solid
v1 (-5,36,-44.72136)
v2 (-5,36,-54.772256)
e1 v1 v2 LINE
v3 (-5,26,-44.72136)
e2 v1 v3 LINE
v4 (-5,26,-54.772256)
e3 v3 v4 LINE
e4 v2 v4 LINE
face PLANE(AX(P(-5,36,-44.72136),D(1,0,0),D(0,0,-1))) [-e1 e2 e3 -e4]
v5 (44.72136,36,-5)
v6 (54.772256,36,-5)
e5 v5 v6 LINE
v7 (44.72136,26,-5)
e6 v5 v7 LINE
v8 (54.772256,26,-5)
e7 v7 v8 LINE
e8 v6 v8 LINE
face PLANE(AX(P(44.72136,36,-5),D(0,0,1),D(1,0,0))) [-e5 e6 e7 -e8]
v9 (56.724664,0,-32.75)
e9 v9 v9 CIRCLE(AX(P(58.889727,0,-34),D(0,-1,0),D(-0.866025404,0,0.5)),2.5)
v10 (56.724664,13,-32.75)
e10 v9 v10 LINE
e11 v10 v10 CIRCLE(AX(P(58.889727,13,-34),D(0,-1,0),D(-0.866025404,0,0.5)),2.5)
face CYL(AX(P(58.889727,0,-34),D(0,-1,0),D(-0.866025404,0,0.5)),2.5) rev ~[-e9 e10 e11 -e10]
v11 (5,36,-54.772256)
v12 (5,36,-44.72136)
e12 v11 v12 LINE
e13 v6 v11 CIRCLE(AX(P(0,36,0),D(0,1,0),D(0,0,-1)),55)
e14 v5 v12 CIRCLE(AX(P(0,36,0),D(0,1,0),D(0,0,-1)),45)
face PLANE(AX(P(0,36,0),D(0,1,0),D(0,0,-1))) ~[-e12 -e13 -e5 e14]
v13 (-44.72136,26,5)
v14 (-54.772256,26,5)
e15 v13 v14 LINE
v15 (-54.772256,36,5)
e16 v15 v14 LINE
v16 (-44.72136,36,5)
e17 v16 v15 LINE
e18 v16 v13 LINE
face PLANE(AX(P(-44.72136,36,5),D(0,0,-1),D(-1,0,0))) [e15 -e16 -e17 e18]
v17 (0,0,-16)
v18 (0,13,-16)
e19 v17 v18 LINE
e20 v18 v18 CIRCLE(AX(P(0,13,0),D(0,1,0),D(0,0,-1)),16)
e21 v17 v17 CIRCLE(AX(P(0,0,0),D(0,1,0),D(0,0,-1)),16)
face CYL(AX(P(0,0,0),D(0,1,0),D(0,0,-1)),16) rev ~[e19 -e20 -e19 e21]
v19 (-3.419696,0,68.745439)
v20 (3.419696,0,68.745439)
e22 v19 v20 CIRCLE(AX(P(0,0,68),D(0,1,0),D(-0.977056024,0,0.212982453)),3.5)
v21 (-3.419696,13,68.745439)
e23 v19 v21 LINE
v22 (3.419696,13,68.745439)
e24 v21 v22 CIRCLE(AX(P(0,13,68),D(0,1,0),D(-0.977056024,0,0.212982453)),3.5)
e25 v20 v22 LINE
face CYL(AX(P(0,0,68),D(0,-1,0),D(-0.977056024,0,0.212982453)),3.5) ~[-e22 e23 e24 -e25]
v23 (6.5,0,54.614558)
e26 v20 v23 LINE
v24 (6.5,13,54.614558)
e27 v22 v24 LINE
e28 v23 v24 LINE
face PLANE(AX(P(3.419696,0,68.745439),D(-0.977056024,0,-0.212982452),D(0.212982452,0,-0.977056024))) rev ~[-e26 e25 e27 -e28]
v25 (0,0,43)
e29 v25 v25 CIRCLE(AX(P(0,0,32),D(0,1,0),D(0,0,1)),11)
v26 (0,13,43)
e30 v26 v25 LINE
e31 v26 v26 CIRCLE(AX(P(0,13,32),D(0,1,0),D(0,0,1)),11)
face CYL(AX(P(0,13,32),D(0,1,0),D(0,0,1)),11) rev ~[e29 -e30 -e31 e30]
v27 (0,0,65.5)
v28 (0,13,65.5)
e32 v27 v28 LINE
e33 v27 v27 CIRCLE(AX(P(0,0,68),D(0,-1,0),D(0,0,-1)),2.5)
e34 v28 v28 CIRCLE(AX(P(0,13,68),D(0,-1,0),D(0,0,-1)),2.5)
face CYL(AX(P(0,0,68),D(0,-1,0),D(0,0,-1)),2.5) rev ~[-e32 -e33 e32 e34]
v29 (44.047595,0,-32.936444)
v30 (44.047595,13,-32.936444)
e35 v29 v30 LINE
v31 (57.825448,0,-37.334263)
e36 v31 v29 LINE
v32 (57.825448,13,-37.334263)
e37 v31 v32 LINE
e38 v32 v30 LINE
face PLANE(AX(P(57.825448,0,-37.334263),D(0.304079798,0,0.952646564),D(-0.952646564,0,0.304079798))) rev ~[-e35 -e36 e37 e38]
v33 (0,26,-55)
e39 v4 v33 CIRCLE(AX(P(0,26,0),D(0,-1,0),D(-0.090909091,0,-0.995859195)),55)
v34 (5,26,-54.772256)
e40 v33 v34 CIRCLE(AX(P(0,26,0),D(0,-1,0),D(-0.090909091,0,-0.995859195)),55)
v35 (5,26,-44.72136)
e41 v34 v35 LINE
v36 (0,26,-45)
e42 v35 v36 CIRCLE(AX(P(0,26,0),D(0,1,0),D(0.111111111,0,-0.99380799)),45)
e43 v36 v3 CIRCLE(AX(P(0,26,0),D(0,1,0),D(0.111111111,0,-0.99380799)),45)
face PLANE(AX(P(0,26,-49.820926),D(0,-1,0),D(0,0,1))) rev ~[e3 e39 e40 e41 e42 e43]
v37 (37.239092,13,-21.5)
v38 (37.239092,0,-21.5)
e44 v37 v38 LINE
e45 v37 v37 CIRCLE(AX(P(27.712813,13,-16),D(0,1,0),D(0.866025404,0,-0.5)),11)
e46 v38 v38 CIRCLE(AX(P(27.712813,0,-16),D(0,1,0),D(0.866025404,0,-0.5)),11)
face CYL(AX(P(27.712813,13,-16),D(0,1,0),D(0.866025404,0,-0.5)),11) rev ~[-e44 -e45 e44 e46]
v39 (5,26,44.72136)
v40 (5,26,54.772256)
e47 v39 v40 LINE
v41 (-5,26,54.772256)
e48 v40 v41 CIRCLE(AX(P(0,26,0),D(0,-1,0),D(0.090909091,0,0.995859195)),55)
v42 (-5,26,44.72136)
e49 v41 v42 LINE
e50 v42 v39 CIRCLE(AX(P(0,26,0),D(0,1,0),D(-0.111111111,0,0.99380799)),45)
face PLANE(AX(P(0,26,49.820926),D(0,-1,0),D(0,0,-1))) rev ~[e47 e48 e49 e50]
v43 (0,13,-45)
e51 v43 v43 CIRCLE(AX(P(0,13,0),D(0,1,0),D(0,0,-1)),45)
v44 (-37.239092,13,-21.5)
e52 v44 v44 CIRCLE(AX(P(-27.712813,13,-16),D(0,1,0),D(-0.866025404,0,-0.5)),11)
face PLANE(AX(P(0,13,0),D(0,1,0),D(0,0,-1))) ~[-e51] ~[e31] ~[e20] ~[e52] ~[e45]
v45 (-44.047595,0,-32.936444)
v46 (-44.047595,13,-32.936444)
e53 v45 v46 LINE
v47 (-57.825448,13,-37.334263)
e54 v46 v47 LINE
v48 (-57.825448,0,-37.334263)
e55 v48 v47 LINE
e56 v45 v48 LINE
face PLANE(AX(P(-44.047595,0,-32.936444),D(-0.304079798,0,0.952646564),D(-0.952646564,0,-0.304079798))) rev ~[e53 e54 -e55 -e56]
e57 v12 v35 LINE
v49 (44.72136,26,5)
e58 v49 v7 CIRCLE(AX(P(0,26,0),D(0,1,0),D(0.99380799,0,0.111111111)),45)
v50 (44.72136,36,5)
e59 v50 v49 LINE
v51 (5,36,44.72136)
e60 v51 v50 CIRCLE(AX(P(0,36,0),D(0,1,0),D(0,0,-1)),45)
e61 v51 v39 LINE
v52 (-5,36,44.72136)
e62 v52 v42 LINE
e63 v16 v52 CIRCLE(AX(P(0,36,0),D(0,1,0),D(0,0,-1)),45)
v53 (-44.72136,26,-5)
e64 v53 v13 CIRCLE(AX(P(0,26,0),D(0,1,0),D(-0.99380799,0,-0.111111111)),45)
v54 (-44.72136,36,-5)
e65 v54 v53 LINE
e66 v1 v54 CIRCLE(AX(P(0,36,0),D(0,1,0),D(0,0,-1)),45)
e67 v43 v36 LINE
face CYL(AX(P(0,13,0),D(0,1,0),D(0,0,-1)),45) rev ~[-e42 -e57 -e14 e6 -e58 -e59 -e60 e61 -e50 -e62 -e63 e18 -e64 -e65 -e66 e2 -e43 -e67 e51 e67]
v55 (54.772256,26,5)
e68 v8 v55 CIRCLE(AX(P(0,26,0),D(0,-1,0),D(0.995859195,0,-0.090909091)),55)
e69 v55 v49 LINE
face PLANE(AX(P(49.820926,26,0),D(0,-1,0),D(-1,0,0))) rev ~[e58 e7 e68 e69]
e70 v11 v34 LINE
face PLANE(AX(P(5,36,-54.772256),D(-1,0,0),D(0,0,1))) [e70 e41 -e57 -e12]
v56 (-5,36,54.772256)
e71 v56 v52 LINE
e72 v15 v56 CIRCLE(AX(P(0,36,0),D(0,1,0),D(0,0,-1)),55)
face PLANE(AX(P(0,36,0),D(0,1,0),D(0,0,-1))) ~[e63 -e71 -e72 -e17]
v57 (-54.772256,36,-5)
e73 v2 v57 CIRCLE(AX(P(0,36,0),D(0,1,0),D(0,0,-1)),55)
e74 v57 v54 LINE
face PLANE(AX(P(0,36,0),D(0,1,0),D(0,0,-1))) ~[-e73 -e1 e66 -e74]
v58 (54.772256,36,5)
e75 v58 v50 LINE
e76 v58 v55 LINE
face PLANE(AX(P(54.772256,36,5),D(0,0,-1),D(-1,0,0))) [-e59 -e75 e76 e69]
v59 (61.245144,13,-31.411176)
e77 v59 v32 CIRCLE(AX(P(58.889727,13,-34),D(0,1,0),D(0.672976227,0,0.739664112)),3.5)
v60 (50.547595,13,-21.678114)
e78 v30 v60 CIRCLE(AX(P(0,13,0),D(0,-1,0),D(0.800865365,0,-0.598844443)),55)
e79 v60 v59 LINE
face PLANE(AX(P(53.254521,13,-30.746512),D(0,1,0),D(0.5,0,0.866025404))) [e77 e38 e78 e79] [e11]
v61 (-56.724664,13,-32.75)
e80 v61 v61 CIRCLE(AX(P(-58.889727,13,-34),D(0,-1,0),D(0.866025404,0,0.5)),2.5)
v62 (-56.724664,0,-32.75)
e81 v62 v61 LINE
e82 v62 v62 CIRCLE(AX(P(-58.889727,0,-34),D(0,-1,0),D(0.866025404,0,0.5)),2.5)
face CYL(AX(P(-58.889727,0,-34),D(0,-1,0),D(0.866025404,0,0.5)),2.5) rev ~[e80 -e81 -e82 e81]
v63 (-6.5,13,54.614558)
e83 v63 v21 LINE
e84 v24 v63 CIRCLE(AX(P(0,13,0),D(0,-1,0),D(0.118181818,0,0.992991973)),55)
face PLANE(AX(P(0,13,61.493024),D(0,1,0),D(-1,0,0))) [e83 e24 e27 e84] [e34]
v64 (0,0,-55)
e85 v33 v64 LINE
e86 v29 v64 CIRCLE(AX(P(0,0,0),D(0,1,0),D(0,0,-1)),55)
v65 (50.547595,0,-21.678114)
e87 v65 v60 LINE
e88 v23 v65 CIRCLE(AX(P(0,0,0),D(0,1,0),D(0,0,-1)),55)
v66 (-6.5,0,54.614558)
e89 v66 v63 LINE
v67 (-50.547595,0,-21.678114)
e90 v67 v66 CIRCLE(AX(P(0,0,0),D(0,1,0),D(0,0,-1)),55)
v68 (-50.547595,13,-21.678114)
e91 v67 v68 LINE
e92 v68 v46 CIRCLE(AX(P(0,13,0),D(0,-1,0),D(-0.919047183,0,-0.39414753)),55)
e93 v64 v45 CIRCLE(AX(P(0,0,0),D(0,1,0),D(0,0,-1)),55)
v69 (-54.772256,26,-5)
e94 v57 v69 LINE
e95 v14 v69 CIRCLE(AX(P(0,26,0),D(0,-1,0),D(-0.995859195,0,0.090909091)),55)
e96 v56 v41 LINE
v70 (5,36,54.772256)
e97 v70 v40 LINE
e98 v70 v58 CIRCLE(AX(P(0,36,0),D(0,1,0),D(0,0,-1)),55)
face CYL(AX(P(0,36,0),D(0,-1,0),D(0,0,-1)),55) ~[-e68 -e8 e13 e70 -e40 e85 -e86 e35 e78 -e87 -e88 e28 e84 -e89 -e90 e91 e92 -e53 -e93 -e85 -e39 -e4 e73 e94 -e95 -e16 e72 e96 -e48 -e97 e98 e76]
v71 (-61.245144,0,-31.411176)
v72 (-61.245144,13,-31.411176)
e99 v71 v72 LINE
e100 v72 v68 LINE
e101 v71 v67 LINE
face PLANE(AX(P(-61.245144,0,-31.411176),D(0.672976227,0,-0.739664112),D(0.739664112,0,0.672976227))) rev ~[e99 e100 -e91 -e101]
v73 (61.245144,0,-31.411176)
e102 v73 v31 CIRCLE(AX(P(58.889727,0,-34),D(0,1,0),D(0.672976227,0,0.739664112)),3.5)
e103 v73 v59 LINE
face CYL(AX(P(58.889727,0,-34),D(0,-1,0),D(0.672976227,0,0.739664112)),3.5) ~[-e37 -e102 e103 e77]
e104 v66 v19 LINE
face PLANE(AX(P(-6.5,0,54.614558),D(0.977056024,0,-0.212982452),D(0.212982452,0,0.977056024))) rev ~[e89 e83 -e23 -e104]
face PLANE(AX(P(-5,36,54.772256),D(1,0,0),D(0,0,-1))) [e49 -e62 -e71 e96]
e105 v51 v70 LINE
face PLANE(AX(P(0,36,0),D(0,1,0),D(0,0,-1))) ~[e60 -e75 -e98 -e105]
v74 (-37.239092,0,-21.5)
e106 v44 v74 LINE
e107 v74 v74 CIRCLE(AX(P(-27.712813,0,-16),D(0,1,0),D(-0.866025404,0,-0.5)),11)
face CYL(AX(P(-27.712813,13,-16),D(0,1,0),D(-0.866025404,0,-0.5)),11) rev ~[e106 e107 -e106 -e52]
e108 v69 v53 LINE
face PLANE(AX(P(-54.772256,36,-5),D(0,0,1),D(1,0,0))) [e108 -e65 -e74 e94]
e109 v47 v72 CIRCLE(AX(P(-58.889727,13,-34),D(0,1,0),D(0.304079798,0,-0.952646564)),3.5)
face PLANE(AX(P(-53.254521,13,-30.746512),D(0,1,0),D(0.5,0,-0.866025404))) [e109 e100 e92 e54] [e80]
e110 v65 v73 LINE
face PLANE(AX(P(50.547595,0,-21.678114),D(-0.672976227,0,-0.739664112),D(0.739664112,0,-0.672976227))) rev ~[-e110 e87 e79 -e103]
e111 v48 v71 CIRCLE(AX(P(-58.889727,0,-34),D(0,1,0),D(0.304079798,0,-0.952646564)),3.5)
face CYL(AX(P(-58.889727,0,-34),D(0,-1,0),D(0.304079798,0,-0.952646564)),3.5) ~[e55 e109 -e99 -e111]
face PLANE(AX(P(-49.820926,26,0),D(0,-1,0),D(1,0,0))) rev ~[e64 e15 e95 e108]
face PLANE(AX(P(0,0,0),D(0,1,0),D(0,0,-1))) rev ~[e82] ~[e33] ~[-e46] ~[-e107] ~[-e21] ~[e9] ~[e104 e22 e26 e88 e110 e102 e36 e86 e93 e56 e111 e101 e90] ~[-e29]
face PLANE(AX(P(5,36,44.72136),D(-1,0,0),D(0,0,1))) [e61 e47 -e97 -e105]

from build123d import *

# Parameters (mm, degrees)
CUT_EXTRUDE1_DEPTH  = 10
CIRPATTERN1_COUNT   = 4
SKETCH3_R           = 11
CUT_EXTRUDE2_DEPTH  = 82.111035008
CIRPATTERN2_COUNT   = 3
SKETCH5_R           = 2.5
BOSS_EXTRUDE1_DEPTH = 13
CIRPATTERN3_COUNT   = 3


with BuildPart() as part:
    # Sketch1 → Revolve2 (revolve)
    with BuildSketch(Plane.XY, mode=Mode.PRIVATE) as revolve2_sk:
        Polygon((16, 0), (16, 13), (45, 13), (45, 36), (55, 36), (55, 0), align=None)
    revolve(revolve2_sk.sketch.rotate(Axis((0, 0, 0), (0, 1, 0)), 90), axis=Axis((0, 0, 0), (0, 1, 0)))

    # Sketch2 → Cut-Extrude1 (cut)
    with BuildSketch(Plane(origin=(0, 36, 0), x_dir=(1, 0, 0), z_dir=(0, 1, 0))):
        with BuildLine():
            Line((44.72135955, 5), (54.772255751, 5))
            ThreePointArc((54.772255751, 5), (55, 0), (54.772255751, -5))
            Line((54.772255751, -5), (44.72135955, -5))
            ThreePointArc((44.72135955, -5), (45, 0), (44.72135955, 5))
        make_face()
    cut_extrude1 = extrude(amount=-CUT_EXTRUDE1_DEPTH, mode=Mode.SUBTRACT)

    # CirPattern1: Cut-Extrude1 ×4 about axis
    cirpattern1_axis = Axis((0, 0, 0), (0, 1, 0))
    for i in range(1, CIRPATTERN1_COUNT):
        add(cut_extrude1.rotate(cirpattern1_axis, i * 360 / CIRPATTERN1_COUNT), mode=Mode.SUBTRACT)

    # Sketch3 → Cut-Extrude2 (cut, through all)
    with BuildSketch(Plane(origin=(0, 13, 0), x_dir=(1, 0, 0), z_dir=(0, 1, 0))):
        with Locations(Location((0, -32, 0), (0, 0, 270))):
            Circle(SKETCH3_R)
    cut_extrude2 = extrude(amount=-CUT_EXTRUDE2_DEPTH, mode=Mode.SUBTRACT)

    # CirPattern2: Cut-Extrude2 ×3 about axis
    cirpattern2_axis = Axis((0, 0, 0), (0, 1, 0))
    for i in range(1, CIRPATTERN2_COUNT):
        add(cut_extrude2.rotate(cirpattern2_axis, i * 360 / CIRPATTERN2_COUNT), mode=Mode.SUBTRACT)

    # Sketch5 → Boss-Extrude1 (add)
    with BuildSketch(Plane.XZ):
        with BuildLine():
            Line((-6.5, 54.614558499), (-3.419696086, 68.745438584))
            ThreePointArc((-3.419696086, 68.745438584), (0, 71.5), (3.419696086, 68.745438584))
            Line((3.419696086, 68.745438584), (6.5, 54.614558499))
            ThreePointArc((6.5, 54.614558499), (0, 55), (-6.5, 54.614558499))
        make_face()
        with Locations(Location((0, 68, 0), (0, 0, 270))):
            Circle(SKETCH5_R, mode=Mode.SUBTRACT)
    boss_extrude1 = extrude(amount=-BOSS_EXTRUDE1_DEPTH)

    # CirPattern3: Boss-Extrude1 ×3 about axis
    cirpattern3_axis = Axis((0, 0, 0), (0, 1, 0))
    for i in range(1, CIRPATTERN3_COUNT):
        add(boss_extrude1.rotate(cirpattern3_axis, i * 360 / CIRPATTERN3_COUNT))


solid = part.part
